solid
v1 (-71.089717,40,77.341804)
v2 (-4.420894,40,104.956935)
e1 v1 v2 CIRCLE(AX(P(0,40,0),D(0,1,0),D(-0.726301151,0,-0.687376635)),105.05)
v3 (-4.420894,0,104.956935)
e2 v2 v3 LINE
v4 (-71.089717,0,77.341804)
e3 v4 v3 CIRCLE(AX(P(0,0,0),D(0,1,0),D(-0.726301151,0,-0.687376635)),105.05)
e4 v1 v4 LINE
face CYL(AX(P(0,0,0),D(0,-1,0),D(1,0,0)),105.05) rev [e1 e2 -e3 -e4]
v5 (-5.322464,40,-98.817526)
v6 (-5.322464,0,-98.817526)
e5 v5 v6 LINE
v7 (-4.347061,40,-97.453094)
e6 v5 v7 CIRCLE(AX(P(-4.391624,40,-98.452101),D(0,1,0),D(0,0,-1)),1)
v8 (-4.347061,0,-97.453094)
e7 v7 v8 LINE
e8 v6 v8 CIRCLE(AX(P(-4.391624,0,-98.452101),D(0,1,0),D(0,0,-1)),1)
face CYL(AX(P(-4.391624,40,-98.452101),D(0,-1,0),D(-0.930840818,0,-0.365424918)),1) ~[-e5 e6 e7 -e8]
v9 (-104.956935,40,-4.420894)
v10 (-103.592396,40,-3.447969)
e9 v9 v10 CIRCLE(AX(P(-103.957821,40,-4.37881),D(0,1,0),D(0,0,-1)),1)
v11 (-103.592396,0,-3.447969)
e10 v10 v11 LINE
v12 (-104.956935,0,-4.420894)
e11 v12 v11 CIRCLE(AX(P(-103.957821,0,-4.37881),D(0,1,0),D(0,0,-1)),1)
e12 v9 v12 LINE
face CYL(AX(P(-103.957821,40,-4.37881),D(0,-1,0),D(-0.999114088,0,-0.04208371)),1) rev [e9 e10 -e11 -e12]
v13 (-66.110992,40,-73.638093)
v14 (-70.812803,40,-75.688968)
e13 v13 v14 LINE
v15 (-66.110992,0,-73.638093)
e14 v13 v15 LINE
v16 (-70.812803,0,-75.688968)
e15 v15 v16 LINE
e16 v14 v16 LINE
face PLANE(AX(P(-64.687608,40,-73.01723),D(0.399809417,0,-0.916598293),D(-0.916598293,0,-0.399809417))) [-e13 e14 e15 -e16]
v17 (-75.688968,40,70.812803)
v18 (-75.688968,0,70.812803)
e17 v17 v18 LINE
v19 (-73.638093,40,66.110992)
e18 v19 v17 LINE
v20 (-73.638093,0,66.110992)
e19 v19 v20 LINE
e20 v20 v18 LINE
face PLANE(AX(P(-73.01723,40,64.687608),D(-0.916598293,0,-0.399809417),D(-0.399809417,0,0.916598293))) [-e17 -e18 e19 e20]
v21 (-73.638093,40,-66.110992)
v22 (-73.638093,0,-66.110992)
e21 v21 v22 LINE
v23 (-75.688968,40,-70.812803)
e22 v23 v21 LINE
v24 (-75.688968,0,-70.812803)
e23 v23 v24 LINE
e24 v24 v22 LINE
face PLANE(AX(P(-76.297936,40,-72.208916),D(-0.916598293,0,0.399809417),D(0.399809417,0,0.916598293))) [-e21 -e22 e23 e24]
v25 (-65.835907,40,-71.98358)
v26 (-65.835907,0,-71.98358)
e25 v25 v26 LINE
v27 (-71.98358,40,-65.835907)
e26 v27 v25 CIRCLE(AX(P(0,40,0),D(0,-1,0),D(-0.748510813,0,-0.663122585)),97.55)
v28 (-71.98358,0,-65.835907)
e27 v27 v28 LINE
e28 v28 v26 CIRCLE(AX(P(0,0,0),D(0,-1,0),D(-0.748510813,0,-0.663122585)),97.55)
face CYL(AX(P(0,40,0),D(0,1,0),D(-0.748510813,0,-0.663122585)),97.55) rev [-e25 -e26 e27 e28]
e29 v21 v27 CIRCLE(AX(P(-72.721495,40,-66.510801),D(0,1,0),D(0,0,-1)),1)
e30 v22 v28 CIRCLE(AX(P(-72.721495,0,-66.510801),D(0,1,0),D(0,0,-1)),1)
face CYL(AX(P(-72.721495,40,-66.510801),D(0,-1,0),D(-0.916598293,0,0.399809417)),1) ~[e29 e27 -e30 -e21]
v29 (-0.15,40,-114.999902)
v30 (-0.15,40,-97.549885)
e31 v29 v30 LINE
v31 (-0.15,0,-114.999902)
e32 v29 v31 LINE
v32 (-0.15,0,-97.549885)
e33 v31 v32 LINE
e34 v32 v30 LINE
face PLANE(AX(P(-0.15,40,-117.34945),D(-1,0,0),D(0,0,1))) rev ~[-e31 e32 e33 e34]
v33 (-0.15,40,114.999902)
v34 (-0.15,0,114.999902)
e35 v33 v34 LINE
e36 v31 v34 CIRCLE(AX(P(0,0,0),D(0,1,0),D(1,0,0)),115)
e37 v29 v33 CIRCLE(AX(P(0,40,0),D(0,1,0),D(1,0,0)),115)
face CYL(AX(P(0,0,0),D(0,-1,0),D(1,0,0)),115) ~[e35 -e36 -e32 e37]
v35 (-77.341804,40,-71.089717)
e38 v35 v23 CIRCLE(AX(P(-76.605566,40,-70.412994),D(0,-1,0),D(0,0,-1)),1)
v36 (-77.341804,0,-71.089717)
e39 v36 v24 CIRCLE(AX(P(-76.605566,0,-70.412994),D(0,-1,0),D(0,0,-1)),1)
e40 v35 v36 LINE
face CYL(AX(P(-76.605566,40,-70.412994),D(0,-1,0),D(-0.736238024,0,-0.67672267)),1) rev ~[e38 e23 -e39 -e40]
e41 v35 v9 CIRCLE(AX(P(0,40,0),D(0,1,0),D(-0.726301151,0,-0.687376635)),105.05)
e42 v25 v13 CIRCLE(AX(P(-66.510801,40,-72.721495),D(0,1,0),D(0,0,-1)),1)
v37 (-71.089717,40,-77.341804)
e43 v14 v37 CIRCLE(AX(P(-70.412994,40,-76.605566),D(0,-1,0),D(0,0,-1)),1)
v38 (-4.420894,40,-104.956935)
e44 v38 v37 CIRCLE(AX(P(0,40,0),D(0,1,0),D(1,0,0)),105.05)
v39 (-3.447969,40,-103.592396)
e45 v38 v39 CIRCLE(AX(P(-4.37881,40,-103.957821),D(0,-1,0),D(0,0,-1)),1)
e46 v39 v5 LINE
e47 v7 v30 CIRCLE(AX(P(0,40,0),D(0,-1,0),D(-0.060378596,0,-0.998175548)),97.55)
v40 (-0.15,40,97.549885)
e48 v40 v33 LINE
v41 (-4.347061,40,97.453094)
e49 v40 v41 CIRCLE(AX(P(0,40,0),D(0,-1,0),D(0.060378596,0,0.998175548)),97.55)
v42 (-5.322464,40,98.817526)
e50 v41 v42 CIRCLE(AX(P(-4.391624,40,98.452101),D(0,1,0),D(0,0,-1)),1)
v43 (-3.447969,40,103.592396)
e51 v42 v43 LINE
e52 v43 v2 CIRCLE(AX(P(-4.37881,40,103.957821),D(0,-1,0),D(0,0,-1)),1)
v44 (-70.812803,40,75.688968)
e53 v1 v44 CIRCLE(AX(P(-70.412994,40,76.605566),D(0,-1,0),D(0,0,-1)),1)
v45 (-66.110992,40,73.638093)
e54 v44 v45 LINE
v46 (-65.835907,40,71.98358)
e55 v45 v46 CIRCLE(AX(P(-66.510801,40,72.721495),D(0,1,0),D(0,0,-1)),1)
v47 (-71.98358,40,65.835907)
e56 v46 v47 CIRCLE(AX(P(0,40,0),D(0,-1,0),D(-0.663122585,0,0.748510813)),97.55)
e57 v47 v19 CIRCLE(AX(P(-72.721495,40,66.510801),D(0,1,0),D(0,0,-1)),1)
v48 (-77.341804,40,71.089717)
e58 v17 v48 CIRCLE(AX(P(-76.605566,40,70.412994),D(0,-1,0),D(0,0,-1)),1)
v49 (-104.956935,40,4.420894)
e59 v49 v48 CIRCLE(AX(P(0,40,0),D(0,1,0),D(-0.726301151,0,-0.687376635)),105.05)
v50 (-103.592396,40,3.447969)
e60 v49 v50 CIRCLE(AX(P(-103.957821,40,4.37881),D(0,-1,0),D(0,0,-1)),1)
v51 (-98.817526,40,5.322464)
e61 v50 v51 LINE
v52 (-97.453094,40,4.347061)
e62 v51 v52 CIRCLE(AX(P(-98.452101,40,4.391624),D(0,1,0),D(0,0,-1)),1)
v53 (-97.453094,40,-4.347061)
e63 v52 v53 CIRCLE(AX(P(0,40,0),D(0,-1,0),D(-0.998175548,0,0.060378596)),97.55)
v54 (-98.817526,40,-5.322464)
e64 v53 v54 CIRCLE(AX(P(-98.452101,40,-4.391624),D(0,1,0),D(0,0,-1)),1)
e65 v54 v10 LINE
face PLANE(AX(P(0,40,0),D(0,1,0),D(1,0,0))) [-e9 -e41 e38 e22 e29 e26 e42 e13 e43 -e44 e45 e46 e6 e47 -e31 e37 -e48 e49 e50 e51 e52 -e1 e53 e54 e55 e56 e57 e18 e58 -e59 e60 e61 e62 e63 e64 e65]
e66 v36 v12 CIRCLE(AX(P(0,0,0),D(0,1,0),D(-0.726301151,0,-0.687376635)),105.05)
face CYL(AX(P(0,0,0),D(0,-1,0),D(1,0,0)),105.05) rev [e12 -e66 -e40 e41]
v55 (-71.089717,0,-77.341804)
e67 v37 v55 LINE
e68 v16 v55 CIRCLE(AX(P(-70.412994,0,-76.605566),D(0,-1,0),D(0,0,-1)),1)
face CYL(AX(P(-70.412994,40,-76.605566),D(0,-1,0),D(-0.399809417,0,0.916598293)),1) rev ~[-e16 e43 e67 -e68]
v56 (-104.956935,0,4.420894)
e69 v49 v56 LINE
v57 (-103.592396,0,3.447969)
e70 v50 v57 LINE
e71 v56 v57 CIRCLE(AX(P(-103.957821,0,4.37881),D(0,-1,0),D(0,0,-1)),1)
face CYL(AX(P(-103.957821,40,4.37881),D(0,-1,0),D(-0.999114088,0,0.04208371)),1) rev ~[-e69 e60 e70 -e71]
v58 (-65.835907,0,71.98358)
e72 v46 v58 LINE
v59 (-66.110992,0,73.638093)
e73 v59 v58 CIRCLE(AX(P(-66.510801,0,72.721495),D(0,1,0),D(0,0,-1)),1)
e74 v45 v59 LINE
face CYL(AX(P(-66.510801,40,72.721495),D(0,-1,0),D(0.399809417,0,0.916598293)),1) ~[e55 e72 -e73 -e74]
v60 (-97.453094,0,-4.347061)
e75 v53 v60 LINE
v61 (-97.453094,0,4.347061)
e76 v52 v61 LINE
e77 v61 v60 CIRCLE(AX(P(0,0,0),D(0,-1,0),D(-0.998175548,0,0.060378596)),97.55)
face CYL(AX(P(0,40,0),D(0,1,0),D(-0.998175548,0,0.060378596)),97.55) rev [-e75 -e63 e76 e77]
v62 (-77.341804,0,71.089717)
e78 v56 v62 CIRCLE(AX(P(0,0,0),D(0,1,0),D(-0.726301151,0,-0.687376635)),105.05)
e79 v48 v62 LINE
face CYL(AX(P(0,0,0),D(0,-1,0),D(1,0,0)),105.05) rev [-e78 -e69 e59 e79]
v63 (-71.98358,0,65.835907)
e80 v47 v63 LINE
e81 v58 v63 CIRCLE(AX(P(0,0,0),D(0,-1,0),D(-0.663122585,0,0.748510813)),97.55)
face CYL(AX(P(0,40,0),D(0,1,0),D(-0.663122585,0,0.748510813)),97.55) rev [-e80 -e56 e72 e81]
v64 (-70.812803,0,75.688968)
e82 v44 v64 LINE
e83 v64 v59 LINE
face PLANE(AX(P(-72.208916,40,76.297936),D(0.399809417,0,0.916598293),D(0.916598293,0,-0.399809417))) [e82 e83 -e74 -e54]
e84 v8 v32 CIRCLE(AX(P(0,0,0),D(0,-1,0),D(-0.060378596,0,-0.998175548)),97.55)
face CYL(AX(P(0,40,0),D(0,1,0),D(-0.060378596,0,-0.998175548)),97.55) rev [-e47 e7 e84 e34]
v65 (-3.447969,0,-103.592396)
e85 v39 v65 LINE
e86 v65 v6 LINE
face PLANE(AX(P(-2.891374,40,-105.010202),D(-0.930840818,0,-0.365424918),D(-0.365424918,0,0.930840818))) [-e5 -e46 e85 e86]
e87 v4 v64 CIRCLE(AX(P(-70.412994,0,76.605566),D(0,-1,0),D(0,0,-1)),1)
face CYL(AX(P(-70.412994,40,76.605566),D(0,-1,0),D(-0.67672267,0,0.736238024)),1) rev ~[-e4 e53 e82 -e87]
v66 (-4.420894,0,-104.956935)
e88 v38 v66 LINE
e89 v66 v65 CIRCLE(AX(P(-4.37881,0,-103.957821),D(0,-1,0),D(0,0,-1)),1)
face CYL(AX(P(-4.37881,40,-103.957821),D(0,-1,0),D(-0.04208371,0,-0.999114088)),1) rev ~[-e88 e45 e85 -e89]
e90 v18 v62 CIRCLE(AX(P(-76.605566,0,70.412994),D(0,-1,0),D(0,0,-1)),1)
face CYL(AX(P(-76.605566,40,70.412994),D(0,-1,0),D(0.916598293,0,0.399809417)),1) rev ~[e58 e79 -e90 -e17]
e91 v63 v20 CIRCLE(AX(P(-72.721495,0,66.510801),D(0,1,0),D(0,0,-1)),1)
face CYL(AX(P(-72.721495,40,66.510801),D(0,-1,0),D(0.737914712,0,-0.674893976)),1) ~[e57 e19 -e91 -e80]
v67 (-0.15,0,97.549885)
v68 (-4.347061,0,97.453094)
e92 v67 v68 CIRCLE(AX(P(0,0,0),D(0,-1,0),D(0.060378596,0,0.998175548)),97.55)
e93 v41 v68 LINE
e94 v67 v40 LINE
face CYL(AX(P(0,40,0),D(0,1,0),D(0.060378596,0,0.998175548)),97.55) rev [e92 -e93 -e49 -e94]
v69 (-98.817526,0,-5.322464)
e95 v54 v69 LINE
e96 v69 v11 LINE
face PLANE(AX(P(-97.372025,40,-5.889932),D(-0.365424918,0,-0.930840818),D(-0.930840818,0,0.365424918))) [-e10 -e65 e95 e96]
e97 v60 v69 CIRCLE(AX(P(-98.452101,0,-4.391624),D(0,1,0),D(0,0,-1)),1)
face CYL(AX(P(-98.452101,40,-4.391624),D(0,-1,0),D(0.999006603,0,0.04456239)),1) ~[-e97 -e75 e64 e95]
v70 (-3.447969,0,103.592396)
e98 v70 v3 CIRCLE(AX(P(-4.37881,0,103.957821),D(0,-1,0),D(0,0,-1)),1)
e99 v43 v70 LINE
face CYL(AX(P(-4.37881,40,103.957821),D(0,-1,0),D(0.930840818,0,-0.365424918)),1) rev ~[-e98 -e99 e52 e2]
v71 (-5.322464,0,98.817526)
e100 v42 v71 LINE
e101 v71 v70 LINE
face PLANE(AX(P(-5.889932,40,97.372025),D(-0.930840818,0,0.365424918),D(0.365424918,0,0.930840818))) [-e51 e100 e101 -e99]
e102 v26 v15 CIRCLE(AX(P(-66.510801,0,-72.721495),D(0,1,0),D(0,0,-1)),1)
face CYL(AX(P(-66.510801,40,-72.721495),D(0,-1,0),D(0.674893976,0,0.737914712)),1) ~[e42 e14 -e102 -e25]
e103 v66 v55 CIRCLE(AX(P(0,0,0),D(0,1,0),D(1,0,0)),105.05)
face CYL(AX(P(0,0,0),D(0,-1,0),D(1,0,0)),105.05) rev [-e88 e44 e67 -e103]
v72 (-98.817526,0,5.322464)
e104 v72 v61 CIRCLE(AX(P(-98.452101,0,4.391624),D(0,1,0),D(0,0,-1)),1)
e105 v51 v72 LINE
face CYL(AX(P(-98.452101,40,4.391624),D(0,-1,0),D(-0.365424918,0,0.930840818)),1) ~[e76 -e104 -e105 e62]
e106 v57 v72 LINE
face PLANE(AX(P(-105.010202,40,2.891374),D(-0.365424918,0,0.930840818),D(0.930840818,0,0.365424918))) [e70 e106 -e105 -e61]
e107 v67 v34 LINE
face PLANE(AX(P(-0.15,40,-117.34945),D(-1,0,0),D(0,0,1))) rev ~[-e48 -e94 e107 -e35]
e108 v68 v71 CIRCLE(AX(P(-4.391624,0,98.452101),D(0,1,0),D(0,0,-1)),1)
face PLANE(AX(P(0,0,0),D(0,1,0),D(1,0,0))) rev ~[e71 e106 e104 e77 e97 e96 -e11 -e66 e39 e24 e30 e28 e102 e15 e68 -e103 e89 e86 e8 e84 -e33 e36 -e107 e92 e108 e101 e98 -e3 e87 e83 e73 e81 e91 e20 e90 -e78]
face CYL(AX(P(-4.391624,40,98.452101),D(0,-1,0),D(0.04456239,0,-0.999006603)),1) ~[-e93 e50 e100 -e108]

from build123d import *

# Parameters (mm, degrees)
SKETCH1_R                = 115
SKETCH1_R_2              = 105.05
BOSS_EXTRUDE1_DEPTH      = 40
BOSS_EXTRUDE2_DEPTH      = 40
FILLET2_R                = 1
CIRPATTERN2_COUNT        = 8
FILLET2_OF_CIRPATTERN2_R = 1
CUT_EXTRUDE2_DEPTH       = 41


with BuildPart() as part:
    # Sketch1 → Boss-Extrude1 (new body)
    with BuildSketch(Plane(origin=(0, 0, 0), x_dir=(1, 0, 0), z_dir=(0, 1, 0))):
        Circle(SKETCH1_R)
        Circle(SKETCH1_R_2, mode=Mode.SUBTRACT)
    extrude(amount=BOSS_EXTRUDE1_DEPTH)

    # Sketch2 → Boss-Extrude2 (add, through all)
    with BuildSketch(Plane(origin=(0, 40, 0), x_dir=(1, 0, 0), z_dir=(0, 1, 0))):
        with BuildLine():
            ThreePointArc((2.891374007, 105.010201678), (0, 105.05), (-2.891374007, 105.010201678))
            Line((-2.891374007, 105.010201678), (-5.889932008, 97.372024735))
            ThreePointArc((-5.889932008, 97.372024735), (0, 97.55), (5.889932008, 97.372024735))
            Line((5.889932008, 97.372024735), (2.891374007, 105.010201678))
        make_face()
    boss_extrude2 = extrude(amount=-BOSS_EXTRUDE2_DEPTH)

    # Fillet2
    fillet2_edges = [part.edges().sort_by_distance(p)[0] for p in [
        (5.889932008, 20, -97.372024735),
        (-5.889932008, 20, -97.372024735),
        (-2.891374007, 20, -105.010201678),
        (2.891374007, 20, -105.010201678),
    ]]
    fillet(fillet2_edges, radius=FILLET2_R)

    # CirPattern2: Boss-Extrude2 ×8 about axis
    cirpattern2_axis = Axis((0, 0, 0), (0, 1, 0))
    for i in range(1, CIRPATTERN2_COUNT):
        add(boss_extrude2.rotate(cirpattern2_axis, i * 360 / CIRPATTERN2_COUNT))

    # Fillet2 of CirPattern2
    fillet2_of_cirpattern2_edges = [part.edges().sort_by_distance(p)[0] for p in [
        (-64.687608124, 20, -73.017229852),
        (-73.017229852, 20, -64.687608124),
        (-76.297935867, 20, -72.208915532),
        (-72.208915532, 20, -76.297935867),
        (-97.372024735, 20, -5.889932008),
        (-97.372024735, 20, 5.889932008),
        (-105.010201678, 20, 2.891374007),
        (-105.010201678, 20, -2.891374007),
        (-73.017229852, 20, 64.687608124),
        (-64.687608124, 20, 73.017229852),
        (-72.208915532, 20, 76.297935867),
        (-76.297935867, 20, 72.208915532),
        (-5.889932008, 20, 97.372024735),
        (5.889932008, 20, 97.372024735),
        (2.891374007, 20, 105.010201678),
        (-2.891374007, 20, 105.010201678),
        (64.687608124, 20, 73.017229852),
        (73.017229852, 20, 64.687608124),
        (76.297935867, 20, 72.208915532),
        (72.208915532, 20, 76.297935867),
        (97.372024735, 20, 5.889932008),
        (97.372024735, 20, -5.889932008),
        (105.010201678, 20, -2.891374007),
        (105.010201678, 20, 2.891374007),
        (73.017229852, 20, -64.687608124),
        (64.687608124, 20, -73.017229852),
        (72.208915532, 20, -76.297935867),
        (76.297935867, 20, -72.208915532),
    ]]
    fillet(fillet2_of_cirpattern2_edges, radius=FILLET2_OF_CIRPATTERN2_R)

    # Sketch3 → Cut-Extrude2 (cut, through all)
    with BuildSketch(Plane(origin=(0, 40, 0), x_dir=(1, 0, 0), z_dir=(0, 1, 0))):
        with BuildLine():
            Line((-0.15, 117.349449893), (-0.15, -117.349449893))
            ThreePointArc((-0.15, -117.349449893), (82.828591788, -82.978591788), (117.199449893, 0))
            ThreePointArc((117.199449893, 0), (82.828591788, 82.978591788), (-0.15, 117.349449893))
        make_face()
    extrude(amount=-CUT_EXTRUDE2_DEPTH, mode=Mode.SUBTRACT)


solid = part.part
